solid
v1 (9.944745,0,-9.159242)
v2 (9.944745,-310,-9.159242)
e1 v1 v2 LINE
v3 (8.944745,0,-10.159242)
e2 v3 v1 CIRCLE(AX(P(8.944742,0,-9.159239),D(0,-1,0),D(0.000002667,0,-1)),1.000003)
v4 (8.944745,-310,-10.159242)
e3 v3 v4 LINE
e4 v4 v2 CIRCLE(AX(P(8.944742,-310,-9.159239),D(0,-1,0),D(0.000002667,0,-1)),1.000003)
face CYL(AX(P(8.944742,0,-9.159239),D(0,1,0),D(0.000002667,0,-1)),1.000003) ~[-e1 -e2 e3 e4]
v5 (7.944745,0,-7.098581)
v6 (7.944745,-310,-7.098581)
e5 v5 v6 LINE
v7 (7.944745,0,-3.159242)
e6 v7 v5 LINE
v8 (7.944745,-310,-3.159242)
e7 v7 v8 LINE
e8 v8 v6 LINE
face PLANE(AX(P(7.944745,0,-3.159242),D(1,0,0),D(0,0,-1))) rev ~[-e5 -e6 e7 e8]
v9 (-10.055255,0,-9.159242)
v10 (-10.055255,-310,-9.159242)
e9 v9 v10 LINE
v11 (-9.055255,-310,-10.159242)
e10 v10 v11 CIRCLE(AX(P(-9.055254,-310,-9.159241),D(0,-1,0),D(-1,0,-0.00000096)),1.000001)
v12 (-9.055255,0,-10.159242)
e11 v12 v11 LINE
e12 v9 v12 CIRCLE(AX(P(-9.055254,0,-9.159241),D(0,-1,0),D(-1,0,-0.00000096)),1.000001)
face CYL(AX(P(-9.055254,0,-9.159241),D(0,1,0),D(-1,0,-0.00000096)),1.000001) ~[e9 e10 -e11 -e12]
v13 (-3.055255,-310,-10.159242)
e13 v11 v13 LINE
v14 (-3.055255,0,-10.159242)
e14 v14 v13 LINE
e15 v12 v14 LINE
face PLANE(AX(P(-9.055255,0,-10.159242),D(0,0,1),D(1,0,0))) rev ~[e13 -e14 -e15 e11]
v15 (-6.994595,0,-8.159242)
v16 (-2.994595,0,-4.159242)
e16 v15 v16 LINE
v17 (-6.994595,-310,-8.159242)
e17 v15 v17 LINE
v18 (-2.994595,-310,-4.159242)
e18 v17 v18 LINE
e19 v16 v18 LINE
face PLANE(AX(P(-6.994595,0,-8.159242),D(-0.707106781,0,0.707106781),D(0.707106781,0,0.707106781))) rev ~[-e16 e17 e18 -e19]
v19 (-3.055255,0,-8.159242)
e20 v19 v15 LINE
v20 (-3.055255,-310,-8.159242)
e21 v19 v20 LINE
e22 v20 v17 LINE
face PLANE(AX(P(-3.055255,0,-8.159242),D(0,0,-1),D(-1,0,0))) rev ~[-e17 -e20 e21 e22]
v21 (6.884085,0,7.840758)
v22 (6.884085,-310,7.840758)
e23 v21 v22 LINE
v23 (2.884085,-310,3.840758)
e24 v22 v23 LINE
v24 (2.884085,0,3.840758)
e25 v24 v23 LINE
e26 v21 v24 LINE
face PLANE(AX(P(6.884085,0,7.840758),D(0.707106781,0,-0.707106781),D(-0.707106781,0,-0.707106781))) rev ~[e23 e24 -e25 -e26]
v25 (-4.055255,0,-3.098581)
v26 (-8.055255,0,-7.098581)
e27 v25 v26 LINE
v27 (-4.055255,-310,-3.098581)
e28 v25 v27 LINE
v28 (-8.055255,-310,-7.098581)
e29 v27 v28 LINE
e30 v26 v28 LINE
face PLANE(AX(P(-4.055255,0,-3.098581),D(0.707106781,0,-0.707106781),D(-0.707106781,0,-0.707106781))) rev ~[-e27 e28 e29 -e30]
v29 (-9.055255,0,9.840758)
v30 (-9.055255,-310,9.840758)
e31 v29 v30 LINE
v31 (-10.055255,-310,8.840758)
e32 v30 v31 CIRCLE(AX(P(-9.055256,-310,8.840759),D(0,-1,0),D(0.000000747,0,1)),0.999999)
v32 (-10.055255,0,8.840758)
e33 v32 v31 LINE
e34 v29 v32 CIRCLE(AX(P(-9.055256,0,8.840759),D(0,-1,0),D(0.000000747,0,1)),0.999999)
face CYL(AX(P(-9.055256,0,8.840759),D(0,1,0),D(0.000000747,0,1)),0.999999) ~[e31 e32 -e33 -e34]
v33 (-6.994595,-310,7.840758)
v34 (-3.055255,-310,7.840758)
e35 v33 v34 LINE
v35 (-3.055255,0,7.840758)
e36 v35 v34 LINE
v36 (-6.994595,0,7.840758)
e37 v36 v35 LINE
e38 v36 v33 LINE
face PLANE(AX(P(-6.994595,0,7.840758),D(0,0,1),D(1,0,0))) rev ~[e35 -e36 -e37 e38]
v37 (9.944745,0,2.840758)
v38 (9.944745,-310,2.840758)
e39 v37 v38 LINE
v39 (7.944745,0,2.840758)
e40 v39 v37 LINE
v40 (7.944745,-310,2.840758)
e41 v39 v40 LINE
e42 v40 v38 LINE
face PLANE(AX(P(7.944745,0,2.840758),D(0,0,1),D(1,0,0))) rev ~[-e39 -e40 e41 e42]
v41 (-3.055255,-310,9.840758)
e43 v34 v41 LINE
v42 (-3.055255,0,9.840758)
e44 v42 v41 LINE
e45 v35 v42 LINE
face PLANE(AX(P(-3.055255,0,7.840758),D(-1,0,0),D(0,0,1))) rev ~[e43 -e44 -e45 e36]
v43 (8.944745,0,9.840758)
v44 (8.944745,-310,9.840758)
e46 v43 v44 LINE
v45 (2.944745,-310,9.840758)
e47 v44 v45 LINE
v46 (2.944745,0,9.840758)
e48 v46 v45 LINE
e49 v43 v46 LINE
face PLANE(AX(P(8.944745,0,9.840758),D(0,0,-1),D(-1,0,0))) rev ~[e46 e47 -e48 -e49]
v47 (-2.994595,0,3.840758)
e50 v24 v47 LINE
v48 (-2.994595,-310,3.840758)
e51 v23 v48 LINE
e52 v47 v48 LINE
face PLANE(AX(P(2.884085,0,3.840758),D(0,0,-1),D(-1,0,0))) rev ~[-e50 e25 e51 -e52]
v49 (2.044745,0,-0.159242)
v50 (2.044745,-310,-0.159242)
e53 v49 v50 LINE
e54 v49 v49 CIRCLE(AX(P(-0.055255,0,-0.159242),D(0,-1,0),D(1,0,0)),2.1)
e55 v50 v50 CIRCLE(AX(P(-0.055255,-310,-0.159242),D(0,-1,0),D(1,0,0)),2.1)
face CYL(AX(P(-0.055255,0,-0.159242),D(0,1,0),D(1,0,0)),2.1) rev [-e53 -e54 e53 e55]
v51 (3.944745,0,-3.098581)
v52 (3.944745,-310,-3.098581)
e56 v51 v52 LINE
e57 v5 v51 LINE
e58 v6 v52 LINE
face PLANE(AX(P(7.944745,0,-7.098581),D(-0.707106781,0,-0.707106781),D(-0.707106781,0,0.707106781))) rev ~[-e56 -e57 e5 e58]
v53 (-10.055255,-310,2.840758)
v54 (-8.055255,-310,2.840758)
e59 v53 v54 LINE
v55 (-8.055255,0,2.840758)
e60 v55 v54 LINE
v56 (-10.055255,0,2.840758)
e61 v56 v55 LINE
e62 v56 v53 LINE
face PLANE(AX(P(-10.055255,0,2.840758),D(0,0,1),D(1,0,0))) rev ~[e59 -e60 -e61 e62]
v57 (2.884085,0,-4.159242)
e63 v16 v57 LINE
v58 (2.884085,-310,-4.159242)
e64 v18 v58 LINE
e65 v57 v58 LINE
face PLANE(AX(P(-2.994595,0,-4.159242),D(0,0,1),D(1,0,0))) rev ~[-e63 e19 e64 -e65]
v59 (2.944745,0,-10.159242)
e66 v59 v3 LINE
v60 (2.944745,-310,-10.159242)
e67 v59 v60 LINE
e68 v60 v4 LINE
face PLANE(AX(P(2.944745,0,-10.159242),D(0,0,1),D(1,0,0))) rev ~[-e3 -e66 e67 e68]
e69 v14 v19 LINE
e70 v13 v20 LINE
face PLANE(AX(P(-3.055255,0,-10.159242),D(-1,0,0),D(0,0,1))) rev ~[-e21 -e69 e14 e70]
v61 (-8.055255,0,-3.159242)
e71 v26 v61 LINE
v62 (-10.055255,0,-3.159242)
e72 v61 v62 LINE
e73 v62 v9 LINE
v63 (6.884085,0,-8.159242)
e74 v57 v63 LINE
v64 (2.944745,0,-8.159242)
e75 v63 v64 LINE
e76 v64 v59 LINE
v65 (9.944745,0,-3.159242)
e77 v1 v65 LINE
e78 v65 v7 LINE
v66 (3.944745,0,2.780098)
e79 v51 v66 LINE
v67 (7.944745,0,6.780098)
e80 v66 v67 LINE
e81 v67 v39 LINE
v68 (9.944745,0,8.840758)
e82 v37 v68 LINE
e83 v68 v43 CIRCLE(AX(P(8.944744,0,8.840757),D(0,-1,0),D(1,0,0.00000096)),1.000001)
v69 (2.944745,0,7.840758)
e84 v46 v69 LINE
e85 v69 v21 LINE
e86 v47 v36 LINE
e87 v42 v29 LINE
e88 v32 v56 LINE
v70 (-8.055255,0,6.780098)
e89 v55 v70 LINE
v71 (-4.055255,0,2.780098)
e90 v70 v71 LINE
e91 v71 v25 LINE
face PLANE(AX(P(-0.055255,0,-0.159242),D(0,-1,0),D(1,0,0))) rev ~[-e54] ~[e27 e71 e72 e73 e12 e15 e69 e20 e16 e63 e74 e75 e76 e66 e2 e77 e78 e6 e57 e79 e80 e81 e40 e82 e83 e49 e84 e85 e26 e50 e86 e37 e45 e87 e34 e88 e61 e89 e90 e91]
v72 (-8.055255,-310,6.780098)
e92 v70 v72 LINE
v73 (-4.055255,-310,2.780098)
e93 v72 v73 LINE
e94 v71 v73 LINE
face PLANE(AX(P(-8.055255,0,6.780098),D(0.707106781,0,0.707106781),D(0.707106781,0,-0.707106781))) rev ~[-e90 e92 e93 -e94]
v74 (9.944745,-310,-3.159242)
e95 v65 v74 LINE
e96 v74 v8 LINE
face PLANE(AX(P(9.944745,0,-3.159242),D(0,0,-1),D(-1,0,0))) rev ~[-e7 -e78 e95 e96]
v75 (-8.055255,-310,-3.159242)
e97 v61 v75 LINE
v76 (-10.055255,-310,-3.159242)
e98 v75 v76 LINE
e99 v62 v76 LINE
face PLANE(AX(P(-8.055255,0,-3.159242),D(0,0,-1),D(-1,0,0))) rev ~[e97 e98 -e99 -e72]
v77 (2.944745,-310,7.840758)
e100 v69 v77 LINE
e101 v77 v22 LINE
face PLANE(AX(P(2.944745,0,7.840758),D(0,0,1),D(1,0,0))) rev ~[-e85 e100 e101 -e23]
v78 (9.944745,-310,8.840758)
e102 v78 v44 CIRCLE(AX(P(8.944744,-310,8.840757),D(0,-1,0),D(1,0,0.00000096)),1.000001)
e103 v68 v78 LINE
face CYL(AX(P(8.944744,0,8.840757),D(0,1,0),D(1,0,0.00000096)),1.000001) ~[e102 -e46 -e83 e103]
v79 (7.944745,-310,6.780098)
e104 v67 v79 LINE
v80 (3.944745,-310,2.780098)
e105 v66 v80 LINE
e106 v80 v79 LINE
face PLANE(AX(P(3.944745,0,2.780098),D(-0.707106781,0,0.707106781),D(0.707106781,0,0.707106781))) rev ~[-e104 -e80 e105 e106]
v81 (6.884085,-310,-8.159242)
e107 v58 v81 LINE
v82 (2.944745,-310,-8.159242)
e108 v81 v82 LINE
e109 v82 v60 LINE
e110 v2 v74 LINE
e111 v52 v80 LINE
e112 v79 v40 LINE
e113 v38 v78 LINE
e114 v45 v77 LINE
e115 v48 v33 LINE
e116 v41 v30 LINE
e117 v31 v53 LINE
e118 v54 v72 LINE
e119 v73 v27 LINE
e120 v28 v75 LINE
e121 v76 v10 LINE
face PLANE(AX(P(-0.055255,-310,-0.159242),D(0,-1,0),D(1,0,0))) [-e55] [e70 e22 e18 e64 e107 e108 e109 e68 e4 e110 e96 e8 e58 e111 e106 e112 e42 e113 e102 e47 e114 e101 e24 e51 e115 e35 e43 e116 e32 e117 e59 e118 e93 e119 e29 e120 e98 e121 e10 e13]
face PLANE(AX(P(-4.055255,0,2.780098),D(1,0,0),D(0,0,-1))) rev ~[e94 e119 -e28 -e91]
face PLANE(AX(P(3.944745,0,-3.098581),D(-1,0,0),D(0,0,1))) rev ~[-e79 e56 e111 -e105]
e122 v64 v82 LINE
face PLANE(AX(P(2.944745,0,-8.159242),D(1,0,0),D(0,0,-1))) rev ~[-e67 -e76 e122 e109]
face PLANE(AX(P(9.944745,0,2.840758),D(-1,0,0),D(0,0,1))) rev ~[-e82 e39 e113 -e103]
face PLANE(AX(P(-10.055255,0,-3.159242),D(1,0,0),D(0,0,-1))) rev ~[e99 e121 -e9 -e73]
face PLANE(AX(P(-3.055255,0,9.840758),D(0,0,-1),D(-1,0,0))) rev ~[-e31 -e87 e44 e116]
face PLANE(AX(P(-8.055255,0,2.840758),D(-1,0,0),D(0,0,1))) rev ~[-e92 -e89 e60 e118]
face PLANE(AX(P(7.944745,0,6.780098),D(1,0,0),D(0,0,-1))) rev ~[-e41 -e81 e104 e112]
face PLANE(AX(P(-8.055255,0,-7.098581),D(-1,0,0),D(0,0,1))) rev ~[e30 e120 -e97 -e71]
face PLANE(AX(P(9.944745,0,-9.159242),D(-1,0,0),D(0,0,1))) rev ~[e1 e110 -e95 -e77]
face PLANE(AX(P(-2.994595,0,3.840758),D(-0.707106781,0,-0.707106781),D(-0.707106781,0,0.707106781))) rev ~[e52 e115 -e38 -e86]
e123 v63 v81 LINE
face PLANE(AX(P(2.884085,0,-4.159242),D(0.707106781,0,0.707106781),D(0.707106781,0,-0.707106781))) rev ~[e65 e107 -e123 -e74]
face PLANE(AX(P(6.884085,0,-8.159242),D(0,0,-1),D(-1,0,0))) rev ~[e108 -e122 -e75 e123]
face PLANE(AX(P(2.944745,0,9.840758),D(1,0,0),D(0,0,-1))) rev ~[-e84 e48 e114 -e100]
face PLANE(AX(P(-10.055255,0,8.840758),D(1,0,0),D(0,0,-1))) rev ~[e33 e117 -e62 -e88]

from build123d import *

# Parameters (mm, degrees)
F0_R     = 2.1
F1_DEPTH = 310


with BuildPart() as f1:
    # F0 (on Front) → F1 (new body)
    with BuildSketch(Plane.XZ):
        with BuildLine():
            ThreePointArc((9.944745, 8.840758), (9.651851, 9.547865), (8.944745, 9.840758))
            Line((8.944745, 9.840758), (2.944745, 9.840758))
            Line((2.944745, 9.840758), (2.944745, 7.840758))
            Line((2.944745, 7.840758), (6.884085, 7.840758))
            Line((6.884085, 7.840758), (2.884085, 3.840758))
            Line((2.884085, 3.840758), (-2.994595, 3.840758))
            Line((-2.994595, 3.840758), (-6.994595, 7.840758))
            Line((-6.994595, 7.840758), (-3.055255, 7.840758))
            Line((-3.055255, 7.840758), (-3.055255, 9.840758))
            Line((-3.055255, 9.840758), (-9.055255, 9.840758))
            ThreePointArc((-9.055255, 9.840758), (-9.762362, 9.547865), (-10.055255, 8.840758))
            Line((-10.055255, 8.840758), (-10.055255, 2.840758))
            Line((-10.055255, 2.840758), (-8.055255, 2.840758))
            Line((-8.055255, 2.840758), (-8.055255, 6.780098))
            Line((-8.055255, 6.780098), (-4.055255, 2.780098))
            Line((-4.055255, 2.780098), (-4.055255, -3.098581))
            Line((-4.055255, -3.098581), (-8.055255, -7.098581))
            Line((-8.055255, -7.098581), (-8.055255, -3.159242))
            Line((-8.055255, -3.159242), (-10.055255, -3.159242))
            Line((-10.055255, -3.159242), (-10.055255, -9.159242))
            ThreePointArc((-10.055255, -9.159242), (-9.762362, -9.866348), (-9.055255, -10.159242))
            Line((-9.055255, -10.159242), (-3.055255, -10.159242))
            Line((-3.055255, -10.159242), (-3.055255, -8.159242))
            Line((-3.055255, -8.159242), (-6.994595, -8.159242))
            Line((-6.994595, -8.159242), (-2.994595, -4.159242))
            Line((-2.994595, -4.159242), (2.884085, -4.159242))
            Line((2.884085, -4.159242), (6.884085, -8.159242))
            Line((6.884085, -8.159242), (2.944745, -8.159242))
            Line((2.944745, -8.159242), (2.944745, -10.159242))
            Line((2.944745, -10.159242), (8.944745, -10.159242))
            ThreePointArc((8.944745, -10.159242), (9.651851, -9.866348), (9.944745, -9.159242))
            Line((9.944745, -9.159242), (9.944745, -3.159242))
            Line((9.944745, -3.159242), (7.944745, -3.159242))
            Line((7.944745, -3.159242), (7.944745, -7.098581))
            Line((7.944745, -7.098581), (3.944745, -3.098581))
            Line((3.944745, -3.098581), (3.944745, 2.780098))
            Line((3.944745, 2.780098), (7.944745, 6.780098))
            Line((7.944745, 6.780098), (7.944745, 2.840758))
            Line((7.944745, 2.840758), (9.944745, 2.840758))
            Line((9.944745, 2.840758), (9.944745, 8.840758))
        make_face()
        with Locations((-0.055255, -0.159242)):
            Circle(F0_R, mode=Mode.SUBTRACT)
    extrude(amount=F1_DEPTH)


solid = f1.part
